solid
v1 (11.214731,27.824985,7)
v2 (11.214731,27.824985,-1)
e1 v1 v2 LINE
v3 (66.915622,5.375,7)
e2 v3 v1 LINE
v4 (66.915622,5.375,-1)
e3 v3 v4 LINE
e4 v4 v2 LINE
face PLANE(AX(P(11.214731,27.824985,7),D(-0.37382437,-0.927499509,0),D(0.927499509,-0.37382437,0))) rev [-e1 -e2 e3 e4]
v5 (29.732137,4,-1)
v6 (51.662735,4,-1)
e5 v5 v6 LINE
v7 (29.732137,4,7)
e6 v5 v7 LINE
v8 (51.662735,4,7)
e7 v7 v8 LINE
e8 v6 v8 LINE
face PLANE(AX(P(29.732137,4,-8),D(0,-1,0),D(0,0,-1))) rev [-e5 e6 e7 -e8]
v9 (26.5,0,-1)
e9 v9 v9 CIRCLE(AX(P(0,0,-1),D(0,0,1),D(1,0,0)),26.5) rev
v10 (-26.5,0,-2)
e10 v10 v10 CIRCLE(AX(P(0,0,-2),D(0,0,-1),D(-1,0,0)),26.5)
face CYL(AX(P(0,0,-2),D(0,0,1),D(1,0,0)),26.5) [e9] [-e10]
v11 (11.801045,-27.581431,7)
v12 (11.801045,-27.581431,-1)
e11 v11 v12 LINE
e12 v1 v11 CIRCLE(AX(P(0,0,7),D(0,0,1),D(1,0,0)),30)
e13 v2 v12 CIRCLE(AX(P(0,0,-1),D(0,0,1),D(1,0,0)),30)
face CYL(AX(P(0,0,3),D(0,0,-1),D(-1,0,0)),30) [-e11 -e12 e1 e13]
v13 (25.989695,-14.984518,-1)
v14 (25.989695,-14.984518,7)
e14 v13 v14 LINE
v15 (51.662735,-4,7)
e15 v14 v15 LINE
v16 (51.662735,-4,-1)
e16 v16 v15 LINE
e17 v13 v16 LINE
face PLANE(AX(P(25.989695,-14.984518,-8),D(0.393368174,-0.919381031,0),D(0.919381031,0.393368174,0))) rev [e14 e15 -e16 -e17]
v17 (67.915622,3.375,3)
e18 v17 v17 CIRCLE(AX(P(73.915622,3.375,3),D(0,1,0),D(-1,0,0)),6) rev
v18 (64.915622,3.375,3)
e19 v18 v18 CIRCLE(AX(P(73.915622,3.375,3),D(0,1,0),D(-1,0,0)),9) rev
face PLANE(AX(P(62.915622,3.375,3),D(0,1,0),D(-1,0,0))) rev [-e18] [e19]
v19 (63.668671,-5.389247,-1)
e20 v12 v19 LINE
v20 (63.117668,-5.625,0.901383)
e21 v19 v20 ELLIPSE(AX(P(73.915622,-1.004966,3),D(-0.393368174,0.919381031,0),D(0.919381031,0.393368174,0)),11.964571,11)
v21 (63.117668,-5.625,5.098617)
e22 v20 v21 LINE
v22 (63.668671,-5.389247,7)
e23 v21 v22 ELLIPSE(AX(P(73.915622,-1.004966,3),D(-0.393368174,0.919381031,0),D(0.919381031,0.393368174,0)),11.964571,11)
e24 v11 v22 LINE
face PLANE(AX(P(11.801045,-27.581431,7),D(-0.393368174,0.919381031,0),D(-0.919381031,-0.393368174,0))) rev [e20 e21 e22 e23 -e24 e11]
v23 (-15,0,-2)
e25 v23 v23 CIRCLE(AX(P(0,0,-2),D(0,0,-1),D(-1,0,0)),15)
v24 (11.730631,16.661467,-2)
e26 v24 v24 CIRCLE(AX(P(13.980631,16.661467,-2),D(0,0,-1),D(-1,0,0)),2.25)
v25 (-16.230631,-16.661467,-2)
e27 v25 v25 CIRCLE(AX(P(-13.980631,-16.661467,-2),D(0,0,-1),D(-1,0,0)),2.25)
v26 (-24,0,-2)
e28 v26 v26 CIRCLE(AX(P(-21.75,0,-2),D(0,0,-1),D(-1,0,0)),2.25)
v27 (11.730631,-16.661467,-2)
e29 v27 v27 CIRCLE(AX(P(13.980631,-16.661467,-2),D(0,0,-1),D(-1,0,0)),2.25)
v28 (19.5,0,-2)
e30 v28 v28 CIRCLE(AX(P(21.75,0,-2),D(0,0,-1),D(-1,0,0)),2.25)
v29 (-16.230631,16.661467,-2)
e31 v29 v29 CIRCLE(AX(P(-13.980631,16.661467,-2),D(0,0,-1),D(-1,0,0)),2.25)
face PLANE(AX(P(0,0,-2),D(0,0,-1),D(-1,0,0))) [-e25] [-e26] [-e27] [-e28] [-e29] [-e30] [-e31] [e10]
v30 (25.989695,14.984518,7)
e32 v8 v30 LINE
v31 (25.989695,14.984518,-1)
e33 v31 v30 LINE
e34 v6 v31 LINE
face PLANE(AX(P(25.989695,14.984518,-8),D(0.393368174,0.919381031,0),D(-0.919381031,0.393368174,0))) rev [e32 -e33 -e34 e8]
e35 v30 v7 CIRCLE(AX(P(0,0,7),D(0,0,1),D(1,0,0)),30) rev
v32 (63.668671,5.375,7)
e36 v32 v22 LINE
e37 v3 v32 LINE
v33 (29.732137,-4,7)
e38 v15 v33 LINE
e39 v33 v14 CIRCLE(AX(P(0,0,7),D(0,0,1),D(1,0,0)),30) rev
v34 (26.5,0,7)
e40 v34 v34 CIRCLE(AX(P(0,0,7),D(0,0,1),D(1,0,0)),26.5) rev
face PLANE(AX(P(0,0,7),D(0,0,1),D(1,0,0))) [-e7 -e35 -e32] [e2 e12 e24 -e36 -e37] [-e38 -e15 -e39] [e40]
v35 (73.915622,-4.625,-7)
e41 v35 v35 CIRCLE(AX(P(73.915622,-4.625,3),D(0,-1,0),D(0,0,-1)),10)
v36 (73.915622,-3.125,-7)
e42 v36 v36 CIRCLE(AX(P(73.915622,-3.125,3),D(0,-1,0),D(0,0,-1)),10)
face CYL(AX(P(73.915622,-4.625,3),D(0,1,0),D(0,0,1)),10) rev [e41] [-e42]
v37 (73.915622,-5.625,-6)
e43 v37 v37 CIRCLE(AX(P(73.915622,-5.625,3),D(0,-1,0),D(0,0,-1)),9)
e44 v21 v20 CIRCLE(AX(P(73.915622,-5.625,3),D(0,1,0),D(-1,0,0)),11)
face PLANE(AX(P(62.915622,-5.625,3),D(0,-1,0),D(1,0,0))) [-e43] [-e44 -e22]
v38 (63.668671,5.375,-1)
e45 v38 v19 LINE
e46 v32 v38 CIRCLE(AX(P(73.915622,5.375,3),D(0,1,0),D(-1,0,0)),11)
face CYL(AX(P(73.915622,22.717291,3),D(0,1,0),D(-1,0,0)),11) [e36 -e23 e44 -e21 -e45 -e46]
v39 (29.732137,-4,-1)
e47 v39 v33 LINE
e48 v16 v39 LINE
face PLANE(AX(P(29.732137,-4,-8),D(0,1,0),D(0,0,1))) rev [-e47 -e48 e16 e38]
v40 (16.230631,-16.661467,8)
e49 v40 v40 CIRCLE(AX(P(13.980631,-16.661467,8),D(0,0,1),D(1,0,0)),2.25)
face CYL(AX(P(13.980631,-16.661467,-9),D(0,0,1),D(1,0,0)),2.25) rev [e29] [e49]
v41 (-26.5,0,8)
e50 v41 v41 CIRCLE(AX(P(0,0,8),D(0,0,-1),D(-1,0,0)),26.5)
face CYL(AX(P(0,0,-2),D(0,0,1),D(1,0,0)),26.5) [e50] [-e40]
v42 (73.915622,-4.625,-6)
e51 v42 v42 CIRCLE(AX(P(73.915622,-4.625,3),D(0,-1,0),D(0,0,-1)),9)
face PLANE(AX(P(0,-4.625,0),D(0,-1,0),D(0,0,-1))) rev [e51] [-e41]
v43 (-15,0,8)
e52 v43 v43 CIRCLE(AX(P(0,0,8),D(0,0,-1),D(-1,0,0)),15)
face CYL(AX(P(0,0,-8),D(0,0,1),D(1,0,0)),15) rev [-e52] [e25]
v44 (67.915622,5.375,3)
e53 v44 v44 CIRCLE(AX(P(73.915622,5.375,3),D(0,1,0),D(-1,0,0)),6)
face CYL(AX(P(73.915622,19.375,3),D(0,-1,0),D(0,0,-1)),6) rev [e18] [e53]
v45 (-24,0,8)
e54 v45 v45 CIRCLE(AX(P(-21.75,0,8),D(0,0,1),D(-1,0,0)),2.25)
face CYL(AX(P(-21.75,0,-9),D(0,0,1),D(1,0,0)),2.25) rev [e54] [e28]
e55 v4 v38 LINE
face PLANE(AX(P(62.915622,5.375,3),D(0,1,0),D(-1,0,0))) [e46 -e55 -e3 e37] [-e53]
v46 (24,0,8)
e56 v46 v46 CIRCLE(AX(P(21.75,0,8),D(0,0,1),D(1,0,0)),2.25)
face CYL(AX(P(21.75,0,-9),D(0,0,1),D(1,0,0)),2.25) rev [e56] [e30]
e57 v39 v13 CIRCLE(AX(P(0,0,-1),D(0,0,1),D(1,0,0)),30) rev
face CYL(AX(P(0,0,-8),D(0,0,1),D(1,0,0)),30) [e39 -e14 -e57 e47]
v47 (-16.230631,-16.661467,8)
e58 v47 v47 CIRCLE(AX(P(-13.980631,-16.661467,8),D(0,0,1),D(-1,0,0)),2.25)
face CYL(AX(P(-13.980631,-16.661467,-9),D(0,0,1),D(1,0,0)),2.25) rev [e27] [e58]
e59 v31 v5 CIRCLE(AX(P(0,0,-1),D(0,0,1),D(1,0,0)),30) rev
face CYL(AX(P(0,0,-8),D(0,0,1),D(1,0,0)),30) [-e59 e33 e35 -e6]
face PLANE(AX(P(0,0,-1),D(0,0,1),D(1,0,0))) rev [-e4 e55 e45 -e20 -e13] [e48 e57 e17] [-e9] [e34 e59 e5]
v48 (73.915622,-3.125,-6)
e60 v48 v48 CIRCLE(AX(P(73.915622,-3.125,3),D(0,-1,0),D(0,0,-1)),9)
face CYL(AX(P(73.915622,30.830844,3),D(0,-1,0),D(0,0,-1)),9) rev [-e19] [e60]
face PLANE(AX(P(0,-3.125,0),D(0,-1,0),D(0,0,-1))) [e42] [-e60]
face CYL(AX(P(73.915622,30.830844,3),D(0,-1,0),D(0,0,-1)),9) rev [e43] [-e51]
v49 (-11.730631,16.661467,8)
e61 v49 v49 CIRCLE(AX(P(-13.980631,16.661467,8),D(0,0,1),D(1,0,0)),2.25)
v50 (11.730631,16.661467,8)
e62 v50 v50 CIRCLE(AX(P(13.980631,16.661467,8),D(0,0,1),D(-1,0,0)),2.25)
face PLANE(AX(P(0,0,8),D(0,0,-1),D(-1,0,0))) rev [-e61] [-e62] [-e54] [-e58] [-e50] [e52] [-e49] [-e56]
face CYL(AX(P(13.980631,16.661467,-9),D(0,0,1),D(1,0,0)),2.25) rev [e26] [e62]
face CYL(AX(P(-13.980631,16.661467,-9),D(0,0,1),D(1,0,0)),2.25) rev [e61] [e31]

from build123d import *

# Parameters (mm, degrees)
SKETCH_1_R               = 30
EXTRUDE_1_DEPTH          = 3
SKETCH_2_W               = 11
SKETCH_2_H               = 11
EXTRUDE_2_DEPTH          = 4
SKETCH_4_R               = 6
CUT_EXTRUDE_1_DEPTH      = 25
SKETCH_5_R               = 9
CUT_EXTRUDE_2_DEPTH      = 9
CUT_EXTRUDE_START        = 8
SKETCH_6_R               = 10
SKETCH_6_R_2             = 9
CUT_EXTRUDE_3_DEPTH      = 1.5
SKETCH_8_R               = 26.5
EXTRUDE_3_DEPTH          = 5
CUT_EXTRUDE_4_DEPTH      = 92.299851037
CUT_EXTRUDE_4_DEPTH_BACK = 92.299851037
SKETCH_7_R               = 15
SKETCH_10_R              = 2.25
CUT_EXTRUDE_5_DEPTH      = 17


with BuildPart() as part:
    # 草图1 → 凸台-拉伸1 (new body)
    with BuildSketch(Plane.XY):
        Circle(SKETCH_1_R)
    extrude(amount=EXTRUDE_1_DEPTH)



with BuildPart() as body_2:
    # 草图2 → 旋转1 (revolve)
    with BuildSketch(Plane.XY.offset(3)):
        with Locations((68.415621645, -0.125)):
            Rectangle(SKETCH_2_W, SKETCH_2_H)
    revolve(axis=Axis((73.915621645, 22.717290725, 3), (0, -1, 0)))


with BuildPart() as part_1:
    add(part.part)

    add(body_2.part)  # 凸台-拉伸2 merges body 2
    # 草图3 → 凸台-拉伸2 (add, symmetric)
    with BuildSketch(Plane.XY.offset(3)):
        with BuildLine():
            Line((11.214731114, 27.824985284), (66.915621645, 5.375))
            Line((66.915621645, 5.375), (66.915621645, -4))
            Line((66.915621645, -4), (11.80104521, -27.581430926))
            ThreePointArc((11.80104521, -27.581430926), (-29.998320441, -0.317444067), (11.214731114, 27.824985284))
        make_face()
    extrude(amount=EXTRUDE_2_DEPTH, both=True)

    # 草图4 → 切除-拉伸1 (cut)
    with BuildSketch(Plane.XZ.offset(5.625)):
        with Locations(Location((73.915621645, 3, 0), (0, 0, 270))):
            Circle(SKETCH_4_R)
    extrude(amount=-CUT_EXTRUDE_1_DEPTH, mode=Mode.SUBTRACT)

    # 草图5 → 切除-拉伸2 (cut)
    with BuildSketch(Plane.XZ.offset(5.625)):
        with Locations(Location((73.915621645, 3, 0), (0, 0, 270))):
            Circle(SKETCH_5_R)
    extrude(amount=-CUT_EXTRUDE_2_DEPTH, mode=Mode.SUBTRACT)

    # 草图6 → 切除-拉伸3 (cut)
    # profile 1 of 2: a face of its own
    with BuildSketch(Plane.XZ.offset(-3.375).offset(CUT_EXTRUDE_START)):
        with Locations(Location((73.915621645, 3, 0), (0, 0, 270))):
            Circle(SKETCH_6_R)
        with Locations(Location((73.915621645, 3, 0), (0, 0, 270))):
            Circle(SKETCH_6_R_2, mode=Mode.SUBTRACT)
    # profile 2 of 2: a face of its own
    with BuildSketch(Plane.XZ.offset(-3.375).offset(CUT_EXTRUDE_START)):
        with Locations(Location((73.915621645, 3, 0), (0, 0, 270))):
            Circle(SKETCH_6_R_2)
    extrude(amount=-CUT_EXTRUDE_3_DEPTH, mode=Mode.SUBTRACT)

    # 草图8 → 凸台-拉伸3 (add, symmetric)
    with BuildSketch(Plane(origin=(0, 0, 3), x_dir=(-1, 0, 0), z_dir=(0, 0, -1))):
        with Locations(Location((0, 0, 0), (0, 0, 180))):
            Circle(SKETCH_8_R)
    extrude(amount=EXTRUDE_3_DEPTH, both=True)

    # 草图7 → 切除-拉伸4 (cut, two sides: drawn at the far end of the back side and taken through both)
    with BuildSketch(Plane.XY.offset(7).offset(-CUT_EXTRUDE_4_DEPTH_BACK)):
        with Locations(Location((0, 0, 0), (0, 0, 180))):
            Circle(SKETCH_7_R)
        with BuildLine():
            Line((25.989694724, -14.984517615), (51.662735414, -4))
            Line((51.662735414, -4), (29.732137495, -4))
            ThreePointArc((29.732137495, -4), (28.397104663, -9.674939108), (25.989694724, -14.984517615))
        make_face()
        with BuildLine():
            Line((29.732137495, 4), (51.662735414, 4))
            Line((51.662735414, 4), (25.989694724, 14.984517615))
            ThreePointArc((25.989694724, 14.984517615), (28.397104663, 9.674939108), (29.732137495, 4))
        make_face()
    extrude(amount=CUT_EXTRUDE_4_DEPTH + CUT_EXTRUDE_4_DEPTH_BACK, mode=Mode.SUBTRACT)

    # 草图10 → 切除-拉伸5 (cut)
    with BuildSketch(Plane.XY.offset(8)):
        with Locations((21.75, 0)):
            Circle(SKETCH_10_R)
        with Locations((13.980630511, -16.661466638)):
            Circle(SKETCH_10_R)
        with Locations(Location((-21.75, 0, 0), (0, 0, 180))):
            Circle(SKETCH_10_R)
        with Locations(Location((-13.980630511, -16.661466638, 0), (0, 0, 180))):
            Circle(SKETCH_10_R)
        with Locations(Location((13.980630511, 16.661466638, 0), (0, 0, 180))):
            Circle(SKETCH_10_R)
        with Locations((-13.980630511, 16.661466638)):
            Circle(SKETCH_10_R)
    extrude(amount=-CUT_EXTRUDE_5_DEPTH, mode=Mode.SUBTRACT)


solid = part_1.part
